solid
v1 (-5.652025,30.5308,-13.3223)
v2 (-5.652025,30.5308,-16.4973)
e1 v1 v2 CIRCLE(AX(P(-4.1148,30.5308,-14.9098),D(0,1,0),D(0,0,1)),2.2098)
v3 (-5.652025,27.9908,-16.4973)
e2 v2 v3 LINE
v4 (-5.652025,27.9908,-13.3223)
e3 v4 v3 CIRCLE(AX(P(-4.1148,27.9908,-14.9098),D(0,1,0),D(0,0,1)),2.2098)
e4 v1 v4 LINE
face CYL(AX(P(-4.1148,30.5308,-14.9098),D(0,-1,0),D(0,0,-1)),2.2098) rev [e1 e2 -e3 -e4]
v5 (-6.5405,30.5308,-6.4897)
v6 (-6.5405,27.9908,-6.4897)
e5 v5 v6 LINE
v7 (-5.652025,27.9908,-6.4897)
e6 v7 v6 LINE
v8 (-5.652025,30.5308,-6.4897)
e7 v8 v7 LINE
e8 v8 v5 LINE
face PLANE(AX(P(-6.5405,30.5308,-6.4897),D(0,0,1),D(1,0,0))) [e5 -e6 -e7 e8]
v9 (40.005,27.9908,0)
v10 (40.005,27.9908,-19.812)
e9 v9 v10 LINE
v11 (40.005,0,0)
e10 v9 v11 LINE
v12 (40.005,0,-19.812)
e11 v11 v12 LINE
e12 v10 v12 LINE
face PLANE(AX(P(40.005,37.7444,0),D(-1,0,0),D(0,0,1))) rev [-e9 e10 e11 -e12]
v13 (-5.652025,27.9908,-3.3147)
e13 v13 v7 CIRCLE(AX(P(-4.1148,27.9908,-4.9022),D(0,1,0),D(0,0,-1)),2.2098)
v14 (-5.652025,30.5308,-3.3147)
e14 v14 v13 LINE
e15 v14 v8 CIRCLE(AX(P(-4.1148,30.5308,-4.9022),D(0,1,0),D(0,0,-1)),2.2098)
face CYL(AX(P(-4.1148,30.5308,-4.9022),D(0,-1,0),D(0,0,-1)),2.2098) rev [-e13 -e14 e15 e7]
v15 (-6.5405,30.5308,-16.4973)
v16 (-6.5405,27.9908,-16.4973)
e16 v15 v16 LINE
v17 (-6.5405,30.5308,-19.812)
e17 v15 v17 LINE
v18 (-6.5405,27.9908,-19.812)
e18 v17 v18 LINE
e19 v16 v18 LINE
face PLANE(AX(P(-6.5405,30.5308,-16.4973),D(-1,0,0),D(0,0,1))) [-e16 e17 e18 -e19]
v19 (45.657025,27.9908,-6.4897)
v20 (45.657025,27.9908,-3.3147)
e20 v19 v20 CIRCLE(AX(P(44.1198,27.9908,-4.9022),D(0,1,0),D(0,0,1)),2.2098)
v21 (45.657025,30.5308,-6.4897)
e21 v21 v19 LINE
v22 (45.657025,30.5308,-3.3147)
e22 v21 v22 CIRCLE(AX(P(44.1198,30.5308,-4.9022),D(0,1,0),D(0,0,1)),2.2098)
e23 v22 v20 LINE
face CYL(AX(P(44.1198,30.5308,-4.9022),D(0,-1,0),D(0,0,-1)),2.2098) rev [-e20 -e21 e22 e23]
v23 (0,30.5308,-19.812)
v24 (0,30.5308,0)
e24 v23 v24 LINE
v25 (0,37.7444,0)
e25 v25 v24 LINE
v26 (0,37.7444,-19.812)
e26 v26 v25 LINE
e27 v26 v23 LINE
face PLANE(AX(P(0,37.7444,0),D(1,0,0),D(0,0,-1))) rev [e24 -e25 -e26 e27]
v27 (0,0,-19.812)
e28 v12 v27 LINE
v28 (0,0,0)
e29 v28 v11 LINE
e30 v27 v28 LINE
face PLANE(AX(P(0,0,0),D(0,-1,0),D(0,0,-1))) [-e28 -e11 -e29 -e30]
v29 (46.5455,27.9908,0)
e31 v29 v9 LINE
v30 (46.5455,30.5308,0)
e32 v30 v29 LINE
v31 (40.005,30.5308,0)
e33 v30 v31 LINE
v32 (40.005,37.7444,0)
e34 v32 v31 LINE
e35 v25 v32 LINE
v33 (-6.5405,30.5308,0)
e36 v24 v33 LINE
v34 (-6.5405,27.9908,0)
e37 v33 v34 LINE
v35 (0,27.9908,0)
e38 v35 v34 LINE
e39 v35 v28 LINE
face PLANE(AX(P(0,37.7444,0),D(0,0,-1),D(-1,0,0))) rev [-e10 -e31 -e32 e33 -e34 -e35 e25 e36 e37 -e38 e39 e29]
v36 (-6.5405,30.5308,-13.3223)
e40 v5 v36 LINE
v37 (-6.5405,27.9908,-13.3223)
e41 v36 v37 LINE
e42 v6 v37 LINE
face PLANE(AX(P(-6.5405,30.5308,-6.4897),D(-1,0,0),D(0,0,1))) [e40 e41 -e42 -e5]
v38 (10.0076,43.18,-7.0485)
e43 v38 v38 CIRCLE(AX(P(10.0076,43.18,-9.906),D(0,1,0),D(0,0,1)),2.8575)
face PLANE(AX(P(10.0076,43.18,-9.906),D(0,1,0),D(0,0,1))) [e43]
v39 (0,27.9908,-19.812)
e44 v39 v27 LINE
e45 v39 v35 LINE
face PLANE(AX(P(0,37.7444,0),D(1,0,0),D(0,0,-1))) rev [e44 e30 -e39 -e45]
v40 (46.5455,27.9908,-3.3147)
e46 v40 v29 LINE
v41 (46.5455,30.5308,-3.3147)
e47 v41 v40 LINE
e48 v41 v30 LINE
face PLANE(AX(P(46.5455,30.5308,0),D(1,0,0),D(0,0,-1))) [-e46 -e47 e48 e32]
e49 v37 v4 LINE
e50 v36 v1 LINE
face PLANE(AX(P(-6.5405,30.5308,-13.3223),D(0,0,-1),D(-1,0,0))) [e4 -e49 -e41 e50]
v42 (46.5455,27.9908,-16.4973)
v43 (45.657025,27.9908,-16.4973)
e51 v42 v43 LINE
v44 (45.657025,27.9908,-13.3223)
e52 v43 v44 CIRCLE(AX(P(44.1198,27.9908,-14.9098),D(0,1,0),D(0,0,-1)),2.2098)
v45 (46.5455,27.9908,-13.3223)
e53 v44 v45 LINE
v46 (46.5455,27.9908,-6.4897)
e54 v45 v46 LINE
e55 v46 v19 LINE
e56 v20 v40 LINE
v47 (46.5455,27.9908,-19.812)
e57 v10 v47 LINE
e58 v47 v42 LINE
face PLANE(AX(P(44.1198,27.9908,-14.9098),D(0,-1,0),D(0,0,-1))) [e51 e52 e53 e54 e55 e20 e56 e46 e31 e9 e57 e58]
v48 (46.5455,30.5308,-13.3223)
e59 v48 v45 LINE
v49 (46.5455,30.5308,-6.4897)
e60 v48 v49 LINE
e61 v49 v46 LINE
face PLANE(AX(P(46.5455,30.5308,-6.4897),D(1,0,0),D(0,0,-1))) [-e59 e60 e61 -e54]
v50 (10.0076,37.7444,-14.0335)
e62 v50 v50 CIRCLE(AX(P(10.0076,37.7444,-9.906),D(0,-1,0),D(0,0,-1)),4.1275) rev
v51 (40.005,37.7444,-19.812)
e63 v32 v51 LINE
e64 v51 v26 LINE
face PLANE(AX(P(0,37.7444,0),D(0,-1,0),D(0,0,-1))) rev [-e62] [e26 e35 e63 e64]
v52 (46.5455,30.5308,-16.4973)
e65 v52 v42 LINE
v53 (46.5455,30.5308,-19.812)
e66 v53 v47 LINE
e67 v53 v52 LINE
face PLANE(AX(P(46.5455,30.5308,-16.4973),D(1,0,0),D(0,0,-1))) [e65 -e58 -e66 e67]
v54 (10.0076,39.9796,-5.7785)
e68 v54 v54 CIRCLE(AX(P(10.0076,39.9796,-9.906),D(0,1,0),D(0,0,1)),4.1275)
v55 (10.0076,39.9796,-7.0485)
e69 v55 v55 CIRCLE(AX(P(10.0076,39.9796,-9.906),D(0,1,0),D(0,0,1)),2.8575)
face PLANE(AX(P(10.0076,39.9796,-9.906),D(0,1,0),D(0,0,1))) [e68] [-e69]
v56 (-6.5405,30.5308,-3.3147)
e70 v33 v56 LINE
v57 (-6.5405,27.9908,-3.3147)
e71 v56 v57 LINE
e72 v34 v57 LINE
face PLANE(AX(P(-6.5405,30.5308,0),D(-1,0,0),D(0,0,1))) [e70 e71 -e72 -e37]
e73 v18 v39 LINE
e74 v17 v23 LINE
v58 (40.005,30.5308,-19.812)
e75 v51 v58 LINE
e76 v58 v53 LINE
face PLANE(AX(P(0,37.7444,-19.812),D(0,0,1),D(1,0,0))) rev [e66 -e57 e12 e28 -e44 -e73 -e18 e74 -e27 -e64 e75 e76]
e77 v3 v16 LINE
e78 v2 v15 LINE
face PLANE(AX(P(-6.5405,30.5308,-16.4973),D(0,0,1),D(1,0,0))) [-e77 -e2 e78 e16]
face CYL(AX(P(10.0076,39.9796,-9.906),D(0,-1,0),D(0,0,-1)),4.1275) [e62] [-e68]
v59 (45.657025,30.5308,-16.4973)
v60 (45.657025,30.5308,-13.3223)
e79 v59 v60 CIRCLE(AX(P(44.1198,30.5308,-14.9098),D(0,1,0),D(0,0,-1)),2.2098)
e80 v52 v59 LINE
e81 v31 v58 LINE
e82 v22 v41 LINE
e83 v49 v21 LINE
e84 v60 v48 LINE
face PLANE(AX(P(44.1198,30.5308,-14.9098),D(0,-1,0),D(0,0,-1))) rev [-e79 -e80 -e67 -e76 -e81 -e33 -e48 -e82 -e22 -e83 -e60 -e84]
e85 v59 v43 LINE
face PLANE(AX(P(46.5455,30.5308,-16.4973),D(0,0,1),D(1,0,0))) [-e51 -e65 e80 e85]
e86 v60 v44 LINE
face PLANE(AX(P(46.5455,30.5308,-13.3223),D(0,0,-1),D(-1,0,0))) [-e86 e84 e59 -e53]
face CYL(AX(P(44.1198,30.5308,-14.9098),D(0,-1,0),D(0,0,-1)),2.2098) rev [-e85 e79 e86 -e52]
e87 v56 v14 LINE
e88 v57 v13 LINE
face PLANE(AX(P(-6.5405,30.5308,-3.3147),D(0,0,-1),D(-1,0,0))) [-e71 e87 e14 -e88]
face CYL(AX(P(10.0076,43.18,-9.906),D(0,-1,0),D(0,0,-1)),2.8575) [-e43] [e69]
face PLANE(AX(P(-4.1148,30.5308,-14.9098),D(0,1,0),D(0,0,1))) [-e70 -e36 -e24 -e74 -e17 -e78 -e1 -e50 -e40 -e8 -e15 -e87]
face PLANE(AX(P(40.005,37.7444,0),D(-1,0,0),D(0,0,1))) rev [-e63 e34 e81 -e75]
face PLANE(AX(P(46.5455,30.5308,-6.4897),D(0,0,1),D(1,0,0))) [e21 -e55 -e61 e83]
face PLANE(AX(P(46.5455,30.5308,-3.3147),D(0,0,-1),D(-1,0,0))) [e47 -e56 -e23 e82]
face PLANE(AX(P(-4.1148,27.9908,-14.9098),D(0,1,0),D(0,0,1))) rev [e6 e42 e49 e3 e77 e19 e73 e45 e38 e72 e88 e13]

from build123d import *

# Parameters (mm, degrees)
SKETCH1_W           = 40.005
SKETCH1_H           = 19.812
BOSS_EXTRUDE1_DEPTH = 37.7444
SKETCH2_R           = 4.1275
BOSS_EXTRUDE2_DEPTH = 2.2352
SKETCH3_R           = 2.8575
BOSS_EXTRUDE3_DEPTH = 3.2004
BOSS_EXTRUDE4_START = -27.9908
BOSS_EXTRUDE4_DEPTH = 2.54


with BuildPart() as part:
    # Sketch1 → Boss-Extrude1 (new body)
    with BuildSketch(Plane(origin=(0, 0, 0), x_dir=(1, 0, 0), z_dir=(0, 1, 0))):
        with Locations((20.0025, 9.906)):
            Rectangle(SKETCH1_W, SKETCH1_H)
    extrude(amount=BOSS_EXTRUDE1_DEPTH)

    # Sketch2 → Boss-Extrude2 (add)
    with BuildSketch(Plane(origin=(0, 37.7444, 0), x_dir=(1, 0, 0), z_dir=(0, 1, 0))):
        with Locations(Location((10.0076, 9.906, 0), (0, 0, 90))):
            Circle(SKETCH2_R)
    extrude(amount=BOSS_EXTRUDE2_DEPTH)

    # Sketch3 → Boss-Extrude3 (add)
    with BuildSketch(Plane(origin=(0, 39.9796, 0), x_dir=(1, 0, 0), z_dir=(0, 1, 0))):
        with Locations(Location((10.0076, 9.906, 0), (0, 0, 270))):
            Circle(SKETCH3_R)
    extrude(amount=BOSS_EXTRUDE3_DEPTH)

    # Sketch4 → Boss-Extrude4 (add)
    with BuildSketch(Plane.XZ.offset(BOSS_EXTRUDE4_START)):
        with BuildLine():
            Line((0, 0), (-6.5405, 0))
            Line((-6.5405, 0), (-6.5405, -3.3147))
            Line((-6.5405, -3.3147), (-5.652024704, -3.3147))
            ThreePointArc((-5.652024704, -3.3147), (-1.905, -4.9022), (-5.652024704, -6.4897))
            Line((-5.652024704, -6.4897), (-6.5405, -6.4897))
            Line((-6.5405, -6.4897), (-6.5405, -13.3223))
            Line((-6.5405, -13.3223), (-5.652024704, -13.3223))
            ThreePointArc((-5.652024704, -13.3223), (-1.905, -14.9098), (-5.652024704, -16.4973))
            Line((-5.652024704, -16.4973), (-6.5405, -16.4973))
            Line((-6.5405, -16.4973), (-6.5405, -19.812))
            Line((-6.5405, -19.812), (0, -19.812))
            Line((0, -19.812), (0, 0))
        make_face()
        with BuildLine():
            Line((46.5455, -16.4973), (46.5455, -19.812))
            Line((46.5455, -19.812), (40.005, -19.812))
            Line((40.005, -19.812), (40.005, 0))
            Line((40.005, 0), (46.5455, 0))
            Line((46.5455, 0), (46.5455, -3.3147))
            Line((46.5455, -3.3147), (45.657024704, -3.3147))
            ThreePointArc((45.657024704, -3.3147), (41.91, -4.9022), (45.657024704, -6.4897))
            Line((45.657024704, -6.4897), (46.5455, -6.4897))
            Line((46.5455, -6.4897), (46.5455, -13.3223))
            Line((46.5455, -13.3223), (45.657024704, -13.3223))
            ThreePointArc((45.657024704, -13.3223), (41.91, -14.9098), (45.657024704, -16.4973))
            Line((45.657024704, -16.4973), (46.5455, -16.4973))
        make_face()
    extrude(amount=-BOSS_EXTRUDE4_DEPTH)


solid = part.part
